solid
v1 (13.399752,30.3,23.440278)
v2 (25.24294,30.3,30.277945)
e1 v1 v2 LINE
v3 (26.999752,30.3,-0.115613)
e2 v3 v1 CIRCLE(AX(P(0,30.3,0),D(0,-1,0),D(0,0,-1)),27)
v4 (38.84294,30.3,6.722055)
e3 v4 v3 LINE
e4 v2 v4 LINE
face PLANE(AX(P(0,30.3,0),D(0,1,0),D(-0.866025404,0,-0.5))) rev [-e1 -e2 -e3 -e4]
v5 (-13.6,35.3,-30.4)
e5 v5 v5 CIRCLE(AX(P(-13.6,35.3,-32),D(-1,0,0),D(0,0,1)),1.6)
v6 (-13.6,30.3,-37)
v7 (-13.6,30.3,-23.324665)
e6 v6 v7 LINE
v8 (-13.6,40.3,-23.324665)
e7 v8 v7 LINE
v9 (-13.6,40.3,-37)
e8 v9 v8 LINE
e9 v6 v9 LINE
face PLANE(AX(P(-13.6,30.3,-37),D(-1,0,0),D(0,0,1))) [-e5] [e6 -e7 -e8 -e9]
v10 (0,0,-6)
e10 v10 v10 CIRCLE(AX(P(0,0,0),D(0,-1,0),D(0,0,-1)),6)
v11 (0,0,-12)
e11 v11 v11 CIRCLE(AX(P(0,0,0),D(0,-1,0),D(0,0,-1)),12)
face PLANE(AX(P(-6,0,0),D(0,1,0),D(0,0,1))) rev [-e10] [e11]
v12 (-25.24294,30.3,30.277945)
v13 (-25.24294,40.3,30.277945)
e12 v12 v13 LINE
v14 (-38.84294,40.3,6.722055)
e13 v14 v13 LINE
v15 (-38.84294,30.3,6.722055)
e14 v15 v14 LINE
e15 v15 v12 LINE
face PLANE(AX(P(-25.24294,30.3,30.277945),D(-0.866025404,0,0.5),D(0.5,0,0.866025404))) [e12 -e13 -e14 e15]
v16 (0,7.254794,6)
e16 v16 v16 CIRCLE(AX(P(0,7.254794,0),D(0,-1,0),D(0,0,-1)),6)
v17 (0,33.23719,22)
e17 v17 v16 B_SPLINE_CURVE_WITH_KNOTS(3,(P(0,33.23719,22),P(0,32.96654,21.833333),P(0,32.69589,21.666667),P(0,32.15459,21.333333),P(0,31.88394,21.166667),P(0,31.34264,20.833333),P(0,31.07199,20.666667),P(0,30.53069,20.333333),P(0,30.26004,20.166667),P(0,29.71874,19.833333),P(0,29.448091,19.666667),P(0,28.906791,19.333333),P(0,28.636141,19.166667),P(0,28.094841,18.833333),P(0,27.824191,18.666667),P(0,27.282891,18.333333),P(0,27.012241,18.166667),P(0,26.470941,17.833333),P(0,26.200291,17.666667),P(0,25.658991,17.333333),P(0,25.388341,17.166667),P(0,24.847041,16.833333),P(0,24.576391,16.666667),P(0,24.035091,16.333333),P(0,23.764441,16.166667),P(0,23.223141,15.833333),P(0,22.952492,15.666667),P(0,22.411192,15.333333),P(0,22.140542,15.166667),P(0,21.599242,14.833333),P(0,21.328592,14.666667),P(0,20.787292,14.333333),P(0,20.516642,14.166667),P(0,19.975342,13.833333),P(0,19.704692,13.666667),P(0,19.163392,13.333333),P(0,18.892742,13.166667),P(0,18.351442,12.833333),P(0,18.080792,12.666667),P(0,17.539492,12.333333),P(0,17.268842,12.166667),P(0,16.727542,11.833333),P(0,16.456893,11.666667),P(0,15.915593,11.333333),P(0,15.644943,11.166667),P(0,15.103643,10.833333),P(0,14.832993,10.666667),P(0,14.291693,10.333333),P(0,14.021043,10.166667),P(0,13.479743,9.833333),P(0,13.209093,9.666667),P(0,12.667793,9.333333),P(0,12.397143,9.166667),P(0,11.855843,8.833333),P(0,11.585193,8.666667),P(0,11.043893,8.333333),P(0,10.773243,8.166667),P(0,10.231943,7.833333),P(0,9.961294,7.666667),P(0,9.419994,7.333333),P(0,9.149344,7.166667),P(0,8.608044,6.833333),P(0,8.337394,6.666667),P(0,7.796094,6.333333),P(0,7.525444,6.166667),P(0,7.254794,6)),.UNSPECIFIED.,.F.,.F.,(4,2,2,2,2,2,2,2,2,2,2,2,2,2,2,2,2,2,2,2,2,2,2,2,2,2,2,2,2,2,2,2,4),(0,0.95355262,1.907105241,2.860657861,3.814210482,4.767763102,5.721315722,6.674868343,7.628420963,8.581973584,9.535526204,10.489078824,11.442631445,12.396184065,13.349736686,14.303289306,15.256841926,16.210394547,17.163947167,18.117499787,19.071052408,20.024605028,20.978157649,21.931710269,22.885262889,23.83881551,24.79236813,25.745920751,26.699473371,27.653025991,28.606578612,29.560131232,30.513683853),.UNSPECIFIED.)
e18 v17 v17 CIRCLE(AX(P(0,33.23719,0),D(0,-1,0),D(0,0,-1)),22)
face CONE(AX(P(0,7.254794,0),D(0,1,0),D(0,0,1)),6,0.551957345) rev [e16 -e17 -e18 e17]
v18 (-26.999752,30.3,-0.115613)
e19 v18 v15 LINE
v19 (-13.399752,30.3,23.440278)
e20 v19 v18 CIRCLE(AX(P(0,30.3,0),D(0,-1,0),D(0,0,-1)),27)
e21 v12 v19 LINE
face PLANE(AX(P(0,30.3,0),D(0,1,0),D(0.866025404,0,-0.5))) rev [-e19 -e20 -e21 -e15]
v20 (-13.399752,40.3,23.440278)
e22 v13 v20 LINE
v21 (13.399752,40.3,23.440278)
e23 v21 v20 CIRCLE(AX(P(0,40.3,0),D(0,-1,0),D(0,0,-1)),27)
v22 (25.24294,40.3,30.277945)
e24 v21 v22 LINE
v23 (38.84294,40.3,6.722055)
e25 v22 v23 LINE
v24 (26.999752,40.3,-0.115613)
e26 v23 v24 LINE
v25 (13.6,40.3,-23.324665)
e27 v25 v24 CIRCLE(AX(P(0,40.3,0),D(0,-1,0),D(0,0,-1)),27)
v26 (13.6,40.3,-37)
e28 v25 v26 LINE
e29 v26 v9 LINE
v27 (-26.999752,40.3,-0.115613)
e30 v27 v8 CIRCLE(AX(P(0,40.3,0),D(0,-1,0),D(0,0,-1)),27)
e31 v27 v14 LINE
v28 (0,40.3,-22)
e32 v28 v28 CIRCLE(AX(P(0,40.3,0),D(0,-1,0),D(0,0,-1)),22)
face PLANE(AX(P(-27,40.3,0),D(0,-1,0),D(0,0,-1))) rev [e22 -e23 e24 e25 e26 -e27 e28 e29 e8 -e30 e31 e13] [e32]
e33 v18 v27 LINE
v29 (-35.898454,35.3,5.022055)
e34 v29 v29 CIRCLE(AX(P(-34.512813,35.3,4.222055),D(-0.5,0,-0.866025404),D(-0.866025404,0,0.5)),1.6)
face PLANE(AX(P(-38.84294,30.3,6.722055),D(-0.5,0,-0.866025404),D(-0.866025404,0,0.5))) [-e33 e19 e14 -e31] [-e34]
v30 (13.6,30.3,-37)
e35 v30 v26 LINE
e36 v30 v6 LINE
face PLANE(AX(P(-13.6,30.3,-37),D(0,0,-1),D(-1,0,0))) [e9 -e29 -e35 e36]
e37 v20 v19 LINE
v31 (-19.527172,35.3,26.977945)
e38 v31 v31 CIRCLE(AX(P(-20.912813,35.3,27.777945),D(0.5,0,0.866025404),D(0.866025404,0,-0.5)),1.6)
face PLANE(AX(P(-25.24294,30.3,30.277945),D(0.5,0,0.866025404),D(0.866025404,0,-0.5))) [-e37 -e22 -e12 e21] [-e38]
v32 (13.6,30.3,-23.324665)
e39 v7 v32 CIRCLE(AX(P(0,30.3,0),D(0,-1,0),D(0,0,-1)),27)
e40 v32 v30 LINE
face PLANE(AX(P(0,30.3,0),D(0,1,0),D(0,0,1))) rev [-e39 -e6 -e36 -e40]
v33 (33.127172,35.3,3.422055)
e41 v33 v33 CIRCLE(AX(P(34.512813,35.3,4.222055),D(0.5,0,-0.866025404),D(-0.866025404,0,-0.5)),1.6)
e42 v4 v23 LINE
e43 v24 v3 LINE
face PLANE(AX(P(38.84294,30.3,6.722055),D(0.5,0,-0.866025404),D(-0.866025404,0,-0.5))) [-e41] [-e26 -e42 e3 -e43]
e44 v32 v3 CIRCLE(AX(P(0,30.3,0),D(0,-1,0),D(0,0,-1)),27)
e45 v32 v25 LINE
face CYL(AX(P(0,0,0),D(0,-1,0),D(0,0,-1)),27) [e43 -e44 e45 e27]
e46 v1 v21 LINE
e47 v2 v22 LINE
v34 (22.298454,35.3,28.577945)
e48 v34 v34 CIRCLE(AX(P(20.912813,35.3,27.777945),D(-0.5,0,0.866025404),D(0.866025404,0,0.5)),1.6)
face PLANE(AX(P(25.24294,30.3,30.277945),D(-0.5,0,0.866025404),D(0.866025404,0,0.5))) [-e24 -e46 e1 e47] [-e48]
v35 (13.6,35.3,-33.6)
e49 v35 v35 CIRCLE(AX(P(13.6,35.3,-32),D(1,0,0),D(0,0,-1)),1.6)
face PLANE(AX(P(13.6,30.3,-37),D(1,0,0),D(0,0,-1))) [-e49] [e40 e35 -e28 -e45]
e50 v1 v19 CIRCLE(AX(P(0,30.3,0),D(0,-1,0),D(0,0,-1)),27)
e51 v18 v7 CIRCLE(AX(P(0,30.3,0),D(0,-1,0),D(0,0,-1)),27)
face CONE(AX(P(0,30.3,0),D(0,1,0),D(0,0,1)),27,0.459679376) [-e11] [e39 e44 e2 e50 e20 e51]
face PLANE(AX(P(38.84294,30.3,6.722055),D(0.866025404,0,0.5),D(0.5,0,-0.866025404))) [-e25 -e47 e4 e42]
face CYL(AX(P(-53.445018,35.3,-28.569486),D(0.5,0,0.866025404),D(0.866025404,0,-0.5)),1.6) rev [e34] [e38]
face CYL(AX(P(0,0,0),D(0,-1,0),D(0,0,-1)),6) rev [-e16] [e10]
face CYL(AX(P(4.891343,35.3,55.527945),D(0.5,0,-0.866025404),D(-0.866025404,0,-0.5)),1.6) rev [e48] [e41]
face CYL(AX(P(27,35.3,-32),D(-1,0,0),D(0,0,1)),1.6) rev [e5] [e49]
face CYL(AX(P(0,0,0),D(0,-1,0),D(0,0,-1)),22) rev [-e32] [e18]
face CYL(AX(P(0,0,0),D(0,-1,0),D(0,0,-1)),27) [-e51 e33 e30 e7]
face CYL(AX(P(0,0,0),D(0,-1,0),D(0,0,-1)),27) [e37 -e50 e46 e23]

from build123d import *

# Parameters (mm, degrees)
ESQUISSE2_W                  = 27.2
ESQUISSE2_H                  = 14.017263762
BOSS_EXTRU_1_DEPTH           = 10
ESQUISSE3_R                  = 1.6
ENL_V_MAT_EXTRU_1_DEPTH      = 69.128187999
R_P_TITION_CIRCULAIRE1_COUNT = 3


with BuildPart() as part:
    # Esquisse1 → Révolution1 (revolve)
    with BuildSketch(Plane.XY):
        Polygon((-6, 0), (-12, 0), (-27, 30.3), (-27, 40.3), (-22, 40.3), (-22, 33.237189942), (-6, 7.254793936), align=None)
    revolve(axis=Axis((0, 0, 0), (0, 1, 0)))

    # Esquisse2 → Boss.-Extru.1 (add)
    with BuildSketch(Plane(origin=(0, 40.3, 0), x_dir=(1, 0, 0), z_dir=(0, 1, 0))):
        with Locations((0, 29.991368119)):
            Rectangle(ESQUISSE2_W, ESQUISSE2_H)
    boss_extru_1 = extrude(amount=-BOSS_EXTRU_1_DEPTH)

    # Esquisse3 → Enlèv. mat.-Extru.1 (cut, through all)
    with BuildSketch(Plane.ZY.offset(13.6)):
        with Locations((-32, 35.3)):
            Circle(ESQUISSE3_R)
    enl_v_mat_extru_1 = extrude(amount=-ENL_V_MAT_EXTRU_1_DEPTH, mode=Mode.SUBTRACT)

    # Répétition circulaire1: Boss.-Extru.1, Enlèv. mat.-Extru.1 ×3 about axis
    r_p_tition_circulaire1_axis = Axis((0, 30.3, 0), (0, -1, 0))
    add([boss_extru_1.rotate(r_p_tition_circulaire1_axis, i * 360 / R_P_TITION_CIRCULAIRE1_COUNT) for i in range(1, R_P_TITION_CIRCULAIRE1_COUNT)])
    add([enl_v_mat_extru_1.rotate(r_p_tition_circulaire1_axis, i * 360 / R_P_TITION_CIRCULAIRE1_COUNT) for i in range(1, R_P_TITION_CIRCULAIRE1_COUNT)], mode=Mode.SUBTRACT)


solid = part.part
